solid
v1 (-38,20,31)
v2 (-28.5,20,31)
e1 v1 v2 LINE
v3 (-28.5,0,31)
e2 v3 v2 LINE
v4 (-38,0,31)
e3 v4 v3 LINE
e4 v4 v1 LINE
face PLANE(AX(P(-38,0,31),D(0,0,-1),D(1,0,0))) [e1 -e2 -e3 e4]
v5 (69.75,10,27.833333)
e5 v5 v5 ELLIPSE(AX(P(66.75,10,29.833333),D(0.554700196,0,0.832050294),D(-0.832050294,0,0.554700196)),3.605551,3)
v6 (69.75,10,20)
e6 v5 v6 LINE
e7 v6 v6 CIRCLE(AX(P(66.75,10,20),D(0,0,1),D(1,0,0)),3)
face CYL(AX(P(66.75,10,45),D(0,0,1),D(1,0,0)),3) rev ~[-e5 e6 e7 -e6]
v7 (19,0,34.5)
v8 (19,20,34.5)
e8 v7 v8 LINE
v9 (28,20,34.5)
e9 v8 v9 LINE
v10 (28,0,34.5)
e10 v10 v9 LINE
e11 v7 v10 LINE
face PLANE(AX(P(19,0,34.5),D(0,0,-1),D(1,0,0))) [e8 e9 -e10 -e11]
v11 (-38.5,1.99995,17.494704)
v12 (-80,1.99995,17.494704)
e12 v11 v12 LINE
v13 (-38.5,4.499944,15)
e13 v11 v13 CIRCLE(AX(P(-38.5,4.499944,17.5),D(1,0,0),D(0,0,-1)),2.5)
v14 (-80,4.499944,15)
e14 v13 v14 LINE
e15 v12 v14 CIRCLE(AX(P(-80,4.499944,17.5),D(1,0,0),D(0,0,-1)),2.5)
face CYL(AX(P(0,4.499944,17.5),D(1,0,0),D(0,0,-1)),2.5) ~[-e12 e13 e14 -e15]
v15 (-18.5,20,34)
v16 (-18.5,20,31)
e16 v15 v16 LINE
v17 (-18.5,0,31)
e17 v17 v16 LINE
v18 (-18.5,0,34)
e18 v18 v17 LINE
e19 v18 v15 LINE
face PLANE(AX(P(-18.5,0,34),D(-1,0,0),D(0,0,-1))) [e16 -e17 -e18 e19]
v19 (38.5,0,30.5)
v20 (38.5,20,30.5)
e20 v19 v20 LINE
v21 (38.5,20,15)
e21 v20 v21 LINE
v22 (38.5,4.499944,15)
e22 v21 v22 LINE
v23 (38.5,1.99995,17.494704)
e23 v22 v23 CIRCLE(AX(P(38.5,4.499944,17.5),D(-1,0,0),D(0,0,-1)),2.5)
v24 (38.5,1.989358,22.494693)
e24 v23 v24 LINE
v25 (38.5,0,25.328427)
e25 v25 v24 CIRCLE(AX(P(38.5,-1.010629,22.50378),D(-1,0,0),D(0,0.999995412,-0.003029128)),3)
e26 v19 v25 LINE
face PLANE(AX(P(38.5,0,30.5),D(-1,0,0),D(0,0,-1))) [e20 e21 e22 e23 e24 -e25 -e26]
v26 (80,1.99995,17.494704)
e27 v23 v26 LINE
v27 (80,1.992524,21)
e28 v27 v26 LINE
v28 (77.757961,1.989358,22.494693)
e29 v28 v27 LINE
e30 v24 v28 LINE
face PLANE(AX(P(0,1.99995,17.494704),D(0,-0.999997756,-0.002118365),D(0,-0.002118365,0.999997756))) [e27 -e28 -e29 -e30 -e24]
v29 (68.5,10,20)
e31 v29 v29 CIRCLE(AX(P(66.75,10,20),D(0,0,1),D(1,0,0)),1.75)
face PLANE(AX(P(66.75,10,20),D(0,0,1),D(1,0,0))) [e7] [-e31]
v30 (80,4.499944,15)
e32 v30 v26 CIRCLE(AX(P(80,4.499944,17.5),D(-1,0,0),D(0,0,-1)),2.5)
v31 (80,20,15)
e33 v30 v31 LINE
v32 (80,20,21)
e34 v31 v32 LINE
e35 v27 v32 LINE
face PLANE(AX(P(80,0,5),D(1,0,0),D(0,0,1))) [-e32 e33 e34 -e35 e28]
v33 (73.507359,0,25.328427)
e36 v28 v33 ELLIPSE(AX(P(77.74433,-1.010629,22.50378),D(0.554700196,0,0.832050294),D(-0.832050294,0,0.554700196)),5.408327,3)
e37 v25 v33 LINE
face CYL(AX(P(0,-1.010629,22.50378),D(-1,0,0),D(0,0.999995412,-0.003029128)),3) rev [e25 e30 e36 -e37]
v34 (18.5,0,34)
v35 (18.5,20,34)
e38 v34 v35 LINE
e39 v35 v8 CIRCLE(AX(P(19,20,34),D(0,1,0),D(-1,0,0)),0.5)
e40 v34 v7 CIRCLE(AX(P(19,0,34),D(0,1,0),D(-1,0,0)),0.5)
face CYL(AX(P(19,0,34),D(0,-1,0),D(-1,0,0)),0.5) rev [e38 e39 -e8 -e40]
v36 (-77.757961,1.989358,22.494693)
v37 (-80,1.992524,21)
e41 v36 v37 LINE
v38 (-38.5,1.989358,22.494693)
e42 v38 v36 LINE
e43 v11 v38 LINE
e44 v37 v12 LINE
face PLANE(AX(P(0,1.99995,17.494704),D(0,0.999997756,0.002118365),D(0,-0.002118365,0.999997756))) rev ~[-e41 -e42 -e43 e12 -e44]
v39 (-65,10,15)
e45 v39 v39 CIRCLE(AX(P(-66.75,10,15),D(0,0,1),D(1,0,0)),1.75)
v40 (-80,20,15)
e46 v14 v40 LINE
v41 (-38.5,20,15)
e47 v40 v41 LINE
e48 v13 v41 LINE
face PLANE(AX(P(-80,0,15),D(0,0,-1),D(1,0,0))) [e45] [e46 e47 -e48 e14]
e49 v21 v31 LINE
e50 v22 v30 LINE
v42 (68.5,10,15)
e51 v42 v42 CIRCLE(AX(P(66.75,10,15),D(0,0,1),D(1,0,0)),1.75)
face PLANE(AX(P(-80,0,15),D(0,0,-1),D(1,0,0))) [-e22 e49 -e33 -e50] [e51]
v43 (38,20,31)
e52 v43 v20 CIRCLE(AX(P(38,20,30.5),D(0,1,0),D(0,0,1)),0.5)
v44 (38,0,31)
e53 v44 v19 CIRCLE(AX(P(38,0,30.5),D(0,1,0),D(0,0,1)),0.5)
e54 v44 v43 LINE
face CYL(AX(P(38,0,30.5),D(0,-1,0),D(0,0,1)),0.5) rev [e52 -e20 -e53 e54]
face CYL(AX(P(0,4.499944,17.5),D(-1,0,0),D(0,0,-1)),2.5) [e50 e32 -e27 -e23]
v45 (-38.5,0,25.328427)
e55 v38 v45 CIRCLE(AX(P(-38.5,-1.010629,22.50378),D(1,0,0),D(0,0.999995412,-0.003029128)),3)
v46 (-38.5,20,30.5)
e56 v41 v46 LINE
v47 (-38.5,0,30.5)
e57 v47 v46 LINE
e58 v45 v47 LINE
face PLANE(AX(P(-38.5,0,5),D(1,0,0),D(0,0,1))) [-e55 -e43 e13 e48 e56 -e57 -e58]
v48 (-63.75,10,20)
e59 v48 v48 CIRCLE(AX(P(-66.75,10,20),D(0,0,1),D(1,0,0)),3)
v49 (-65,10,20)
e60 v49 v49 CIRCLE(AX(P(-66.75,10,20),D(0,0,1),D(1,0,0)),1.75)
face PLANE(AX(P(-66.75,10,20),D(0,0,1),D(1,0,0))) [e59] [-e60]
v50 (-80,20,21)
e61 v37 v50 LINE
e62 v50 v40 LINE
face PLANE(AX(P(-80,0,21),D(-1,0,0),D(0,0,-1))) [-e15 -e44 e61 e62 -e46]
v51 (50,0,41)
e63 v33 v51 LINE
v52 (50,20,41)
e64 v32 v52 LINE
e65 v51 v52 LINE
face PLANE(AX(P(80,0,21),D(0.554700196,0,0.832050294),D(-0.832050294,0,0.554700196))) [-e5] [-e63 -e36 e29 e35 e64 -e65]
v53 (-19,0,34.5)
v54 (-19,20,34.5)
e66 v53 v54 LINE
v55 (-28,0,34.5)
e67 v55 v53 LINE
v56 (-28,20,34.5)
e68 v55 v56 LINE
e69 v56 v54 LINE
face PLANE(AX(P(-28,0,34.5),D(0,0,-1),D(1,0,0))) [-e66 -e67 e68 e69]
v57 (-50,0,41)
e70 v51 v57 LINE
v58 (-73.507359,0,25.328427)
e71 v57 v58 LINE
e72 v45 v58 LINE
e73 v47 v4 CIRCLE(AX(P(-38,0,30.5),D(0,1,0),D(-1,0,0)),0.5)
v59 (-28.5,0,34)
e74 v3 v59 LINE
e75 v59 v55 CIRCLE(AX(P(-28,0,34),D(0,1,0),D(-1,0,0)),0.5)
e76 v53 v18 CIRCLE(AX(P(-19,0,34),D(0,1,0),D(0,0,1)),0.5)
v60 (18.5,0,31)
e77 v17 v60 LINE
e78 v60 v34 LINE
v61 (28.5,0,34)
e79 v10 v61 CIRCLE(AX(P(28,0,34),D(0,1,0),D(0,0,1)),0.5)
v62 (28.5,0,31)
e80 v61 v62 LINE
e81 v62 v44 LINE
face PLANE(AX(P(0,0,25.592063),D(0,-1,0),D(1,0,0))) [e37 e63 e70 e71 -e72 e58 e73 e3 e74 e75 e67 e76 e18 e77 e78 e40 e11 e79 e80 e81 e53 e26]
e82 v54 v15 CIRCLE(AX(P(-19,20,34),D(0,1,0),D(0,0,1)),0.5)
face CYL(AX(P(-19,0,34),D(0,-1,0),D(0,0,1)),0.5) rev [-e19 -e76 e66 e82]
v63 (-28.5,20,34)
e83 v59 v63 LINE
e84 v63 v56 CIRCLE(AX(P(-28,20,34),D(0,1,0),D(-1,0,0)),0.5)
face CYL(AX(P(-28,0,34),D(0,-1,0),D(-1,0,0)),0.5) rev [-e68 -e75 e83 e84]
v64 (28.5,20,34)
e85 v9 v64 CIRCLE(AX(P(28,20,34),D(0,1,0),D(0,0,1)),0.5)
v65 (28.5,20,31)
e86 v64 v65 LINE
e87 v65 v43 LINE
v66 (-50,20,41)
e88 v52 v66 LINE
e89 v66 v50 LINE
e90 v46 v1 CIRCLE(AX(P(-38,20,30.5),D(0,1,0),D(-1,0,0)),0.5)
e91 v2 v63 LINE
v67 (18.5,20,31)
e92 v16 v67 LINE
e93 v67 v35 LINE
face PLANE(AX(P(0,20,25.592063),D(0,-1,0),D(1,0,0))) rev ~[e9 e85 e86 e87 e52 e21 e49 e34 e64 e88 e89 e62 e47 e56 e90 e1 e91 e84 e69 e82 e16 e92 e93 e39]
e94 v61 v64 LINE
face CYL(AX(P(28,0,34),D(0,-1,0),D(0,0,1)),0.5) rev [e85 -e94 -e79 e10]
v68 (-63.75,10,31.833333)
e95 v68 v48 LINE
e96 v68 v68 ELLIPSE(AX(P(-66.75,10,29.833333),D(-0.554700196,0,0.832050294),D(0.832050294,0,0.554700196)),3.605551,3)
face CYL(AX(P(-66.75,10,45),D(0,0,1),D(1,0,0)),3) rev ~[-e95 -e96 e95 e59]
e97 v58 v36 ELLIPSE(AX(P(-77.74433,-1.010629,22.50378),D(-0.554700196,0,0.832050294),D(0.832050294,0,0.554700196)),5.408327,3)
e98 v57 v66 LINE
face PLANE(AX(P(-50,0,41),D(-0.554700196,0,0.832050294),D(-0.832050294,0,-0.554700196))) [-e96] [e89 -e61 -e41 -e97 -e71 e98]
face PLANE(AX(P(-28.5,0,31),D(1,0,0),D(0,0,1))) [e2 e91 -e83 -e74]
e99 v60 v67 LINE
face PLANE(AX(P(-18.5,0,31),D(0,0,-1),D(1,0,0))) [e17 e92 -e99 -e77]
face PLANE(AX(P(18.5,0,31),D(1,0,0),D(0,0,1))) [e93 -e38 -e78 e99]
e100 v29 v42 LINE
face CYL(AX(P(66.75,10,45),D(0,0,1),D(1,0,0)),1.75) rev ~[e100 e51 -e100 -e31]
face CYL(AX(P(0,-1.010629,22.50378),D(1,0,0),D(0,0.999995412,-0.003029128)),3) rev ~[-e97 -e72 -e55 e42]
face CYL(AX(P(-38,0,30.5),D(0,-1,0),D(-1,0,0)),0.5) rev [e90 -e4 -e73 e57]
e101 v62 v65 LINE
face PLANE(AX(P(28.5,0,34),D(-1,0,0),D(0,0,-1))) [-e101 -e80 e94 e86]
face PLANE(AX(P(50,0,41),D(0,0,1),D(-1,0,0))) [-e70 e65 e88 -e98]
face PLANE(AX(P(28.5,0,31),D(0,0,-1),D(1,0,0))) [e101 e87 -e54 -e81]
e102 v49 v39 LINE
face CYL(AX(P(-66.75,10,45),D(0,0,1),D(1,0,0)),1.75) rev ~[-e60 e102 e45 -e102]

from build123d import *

# Parameters (mm, degrees)
F1_DEPTH      = 20
F3_R          = 1.75
F4_DEPTH      = 40.001
F3_R_2        = 3
F5_DEPTH      = 25
F6_W          = 160
F6_H          = 10
F7_DEPTH      = 20.001
F9_DEPTH      = 80.001
F9_DEPTH_BACK = 80.001


with BuildPart() as f1:
    # F0 (on Front) → F1 (new body)
    with BuildSketch(Plane.XZ):
        with BuildLine():
            Line((50, 41), (5, 41))
            Line((5, 41), (-5, 41))
            Line((-5, 41), (-50, 41))
            Line((-50, 41), (-80, 21))
            Line((-80, 21), (-80, 5))
            Line((-80, 5), (-38.5, 5))
            Line((-38.5, 5), (-38.5, 30.5))
            ThreePointArc((-38.5, 30.5), (-38.3535533906, 30.8535533906), (-38, 31))
            Line((-38, 31), (-28.5, 31))
            Line((-28.5, 31), (-28.5, 34))
            ThreePointArc((-28.5, 34), (-28.3535533906, 34.3535533906), (-28, 34.5))
            Line((-28, 34.5), (-19, 34.5))
            ThreePointArc((-19, 34.5), (-18.6464466094, 34.3535533906), (-18.5, 34))
            Line((-18.5, 34), (-18.5, 31))
            Line((-18.5, 31), (0, 31))
            Line((0, 31), (18.5, 31))
            Line((18.5, 31), (18.5, 34))
            ThreePointArc((18.5, 34), (18.6464466094, 34.3535533906), (19, 34.5))
            Line((19, 34.5), (28, 34.5))
            ThreePointArc((28, 34.5), (28.3535533906, 34.3535533906), (28.5, 34))
            Line((28.5, 34), (28.5, 31))
            Line((28.5, 31), (38, 31))
            ThreePointArc((38, 31), (38.3535533906, 30.8535533906), (38.5, 30.5))
            Line((38.5, 30.5), (38.5, 5))
            Line((38.5, 5), (80, 5))
            Line((80, 5), (80, 21))
            Line((80, 21), (50, 41))
        make_face()
    extrude(amount=-F1_DEPTH)

    # F3 (on offset) → F4 (cut, through all)
    with BuildSketch(Plane.XY.offset(45)):
        with Locations((-66.75, 10)):
            Circle(F3_R)
        with Locations((66.75, 10)):
            Circle(F3_R)
    extrude(amount=-F4_DEPTH, mode=Mode.SUBTRACT)

    # F3 (on offset) → F5 (cut)
    with BuildSketch(Plane.XY.offset(45)):
        with Locations((-66.75, 10)):
            Circle(F3_R_2)
        with Locations((-66.75, 10)):
            Circle(F3_R, mode=Mode.SUBTRACT)
        with Locations((66.75, 10)):
            Circle(F3_R_2)
        with Locations((66.75, 10)):
            Circle(F3_R, mode=Mode.SUBTRACT)
    extrude(amount=-F5_DEPTH, mode=Mode.SUBTRACT)

    # F6 (on Front) → F7 (cut, through all)
    with BuildSketch(Plane.XZ):
        with Locations((0, 10)):
            Rectangle(F6_W, F6_H)
    extrude(amount=-F7_DEPTH, mode=Mode.SUBTRACT)

    # F8 (on Right) → F9 (cut, two sides)
    with BuildSketch(Plane.YZ) as f9_sk:
        with BuildLine():
            ThreePointArc((4.4999439066, 15), (2.734050334, 15.7303616499), (1.999949516, 17.4947040879))
            Line((1.999949516, 17.4947040879), (1.9893576917, 22.4946928692))
            ThreePointArc((1.9893576917, 22.4946928692), (1.4447268651, 24.2275058154), (0, 25.3284271247))
            Line((0, 25.3284271247), (0, 15))
            Line((0, 15), (2.0052342213, 15))
            Line((2.0052342213, 15), (4.4999439066, 15))
        make_face()
    extrude(amount=-F9_DEPTH, mode=Mode.SUBTRACT)
    extrude(f9_sk.sketch, amount=F9_DEPTH_BACK, mode=Mode.SUBTRACT)


solid = f1.part
